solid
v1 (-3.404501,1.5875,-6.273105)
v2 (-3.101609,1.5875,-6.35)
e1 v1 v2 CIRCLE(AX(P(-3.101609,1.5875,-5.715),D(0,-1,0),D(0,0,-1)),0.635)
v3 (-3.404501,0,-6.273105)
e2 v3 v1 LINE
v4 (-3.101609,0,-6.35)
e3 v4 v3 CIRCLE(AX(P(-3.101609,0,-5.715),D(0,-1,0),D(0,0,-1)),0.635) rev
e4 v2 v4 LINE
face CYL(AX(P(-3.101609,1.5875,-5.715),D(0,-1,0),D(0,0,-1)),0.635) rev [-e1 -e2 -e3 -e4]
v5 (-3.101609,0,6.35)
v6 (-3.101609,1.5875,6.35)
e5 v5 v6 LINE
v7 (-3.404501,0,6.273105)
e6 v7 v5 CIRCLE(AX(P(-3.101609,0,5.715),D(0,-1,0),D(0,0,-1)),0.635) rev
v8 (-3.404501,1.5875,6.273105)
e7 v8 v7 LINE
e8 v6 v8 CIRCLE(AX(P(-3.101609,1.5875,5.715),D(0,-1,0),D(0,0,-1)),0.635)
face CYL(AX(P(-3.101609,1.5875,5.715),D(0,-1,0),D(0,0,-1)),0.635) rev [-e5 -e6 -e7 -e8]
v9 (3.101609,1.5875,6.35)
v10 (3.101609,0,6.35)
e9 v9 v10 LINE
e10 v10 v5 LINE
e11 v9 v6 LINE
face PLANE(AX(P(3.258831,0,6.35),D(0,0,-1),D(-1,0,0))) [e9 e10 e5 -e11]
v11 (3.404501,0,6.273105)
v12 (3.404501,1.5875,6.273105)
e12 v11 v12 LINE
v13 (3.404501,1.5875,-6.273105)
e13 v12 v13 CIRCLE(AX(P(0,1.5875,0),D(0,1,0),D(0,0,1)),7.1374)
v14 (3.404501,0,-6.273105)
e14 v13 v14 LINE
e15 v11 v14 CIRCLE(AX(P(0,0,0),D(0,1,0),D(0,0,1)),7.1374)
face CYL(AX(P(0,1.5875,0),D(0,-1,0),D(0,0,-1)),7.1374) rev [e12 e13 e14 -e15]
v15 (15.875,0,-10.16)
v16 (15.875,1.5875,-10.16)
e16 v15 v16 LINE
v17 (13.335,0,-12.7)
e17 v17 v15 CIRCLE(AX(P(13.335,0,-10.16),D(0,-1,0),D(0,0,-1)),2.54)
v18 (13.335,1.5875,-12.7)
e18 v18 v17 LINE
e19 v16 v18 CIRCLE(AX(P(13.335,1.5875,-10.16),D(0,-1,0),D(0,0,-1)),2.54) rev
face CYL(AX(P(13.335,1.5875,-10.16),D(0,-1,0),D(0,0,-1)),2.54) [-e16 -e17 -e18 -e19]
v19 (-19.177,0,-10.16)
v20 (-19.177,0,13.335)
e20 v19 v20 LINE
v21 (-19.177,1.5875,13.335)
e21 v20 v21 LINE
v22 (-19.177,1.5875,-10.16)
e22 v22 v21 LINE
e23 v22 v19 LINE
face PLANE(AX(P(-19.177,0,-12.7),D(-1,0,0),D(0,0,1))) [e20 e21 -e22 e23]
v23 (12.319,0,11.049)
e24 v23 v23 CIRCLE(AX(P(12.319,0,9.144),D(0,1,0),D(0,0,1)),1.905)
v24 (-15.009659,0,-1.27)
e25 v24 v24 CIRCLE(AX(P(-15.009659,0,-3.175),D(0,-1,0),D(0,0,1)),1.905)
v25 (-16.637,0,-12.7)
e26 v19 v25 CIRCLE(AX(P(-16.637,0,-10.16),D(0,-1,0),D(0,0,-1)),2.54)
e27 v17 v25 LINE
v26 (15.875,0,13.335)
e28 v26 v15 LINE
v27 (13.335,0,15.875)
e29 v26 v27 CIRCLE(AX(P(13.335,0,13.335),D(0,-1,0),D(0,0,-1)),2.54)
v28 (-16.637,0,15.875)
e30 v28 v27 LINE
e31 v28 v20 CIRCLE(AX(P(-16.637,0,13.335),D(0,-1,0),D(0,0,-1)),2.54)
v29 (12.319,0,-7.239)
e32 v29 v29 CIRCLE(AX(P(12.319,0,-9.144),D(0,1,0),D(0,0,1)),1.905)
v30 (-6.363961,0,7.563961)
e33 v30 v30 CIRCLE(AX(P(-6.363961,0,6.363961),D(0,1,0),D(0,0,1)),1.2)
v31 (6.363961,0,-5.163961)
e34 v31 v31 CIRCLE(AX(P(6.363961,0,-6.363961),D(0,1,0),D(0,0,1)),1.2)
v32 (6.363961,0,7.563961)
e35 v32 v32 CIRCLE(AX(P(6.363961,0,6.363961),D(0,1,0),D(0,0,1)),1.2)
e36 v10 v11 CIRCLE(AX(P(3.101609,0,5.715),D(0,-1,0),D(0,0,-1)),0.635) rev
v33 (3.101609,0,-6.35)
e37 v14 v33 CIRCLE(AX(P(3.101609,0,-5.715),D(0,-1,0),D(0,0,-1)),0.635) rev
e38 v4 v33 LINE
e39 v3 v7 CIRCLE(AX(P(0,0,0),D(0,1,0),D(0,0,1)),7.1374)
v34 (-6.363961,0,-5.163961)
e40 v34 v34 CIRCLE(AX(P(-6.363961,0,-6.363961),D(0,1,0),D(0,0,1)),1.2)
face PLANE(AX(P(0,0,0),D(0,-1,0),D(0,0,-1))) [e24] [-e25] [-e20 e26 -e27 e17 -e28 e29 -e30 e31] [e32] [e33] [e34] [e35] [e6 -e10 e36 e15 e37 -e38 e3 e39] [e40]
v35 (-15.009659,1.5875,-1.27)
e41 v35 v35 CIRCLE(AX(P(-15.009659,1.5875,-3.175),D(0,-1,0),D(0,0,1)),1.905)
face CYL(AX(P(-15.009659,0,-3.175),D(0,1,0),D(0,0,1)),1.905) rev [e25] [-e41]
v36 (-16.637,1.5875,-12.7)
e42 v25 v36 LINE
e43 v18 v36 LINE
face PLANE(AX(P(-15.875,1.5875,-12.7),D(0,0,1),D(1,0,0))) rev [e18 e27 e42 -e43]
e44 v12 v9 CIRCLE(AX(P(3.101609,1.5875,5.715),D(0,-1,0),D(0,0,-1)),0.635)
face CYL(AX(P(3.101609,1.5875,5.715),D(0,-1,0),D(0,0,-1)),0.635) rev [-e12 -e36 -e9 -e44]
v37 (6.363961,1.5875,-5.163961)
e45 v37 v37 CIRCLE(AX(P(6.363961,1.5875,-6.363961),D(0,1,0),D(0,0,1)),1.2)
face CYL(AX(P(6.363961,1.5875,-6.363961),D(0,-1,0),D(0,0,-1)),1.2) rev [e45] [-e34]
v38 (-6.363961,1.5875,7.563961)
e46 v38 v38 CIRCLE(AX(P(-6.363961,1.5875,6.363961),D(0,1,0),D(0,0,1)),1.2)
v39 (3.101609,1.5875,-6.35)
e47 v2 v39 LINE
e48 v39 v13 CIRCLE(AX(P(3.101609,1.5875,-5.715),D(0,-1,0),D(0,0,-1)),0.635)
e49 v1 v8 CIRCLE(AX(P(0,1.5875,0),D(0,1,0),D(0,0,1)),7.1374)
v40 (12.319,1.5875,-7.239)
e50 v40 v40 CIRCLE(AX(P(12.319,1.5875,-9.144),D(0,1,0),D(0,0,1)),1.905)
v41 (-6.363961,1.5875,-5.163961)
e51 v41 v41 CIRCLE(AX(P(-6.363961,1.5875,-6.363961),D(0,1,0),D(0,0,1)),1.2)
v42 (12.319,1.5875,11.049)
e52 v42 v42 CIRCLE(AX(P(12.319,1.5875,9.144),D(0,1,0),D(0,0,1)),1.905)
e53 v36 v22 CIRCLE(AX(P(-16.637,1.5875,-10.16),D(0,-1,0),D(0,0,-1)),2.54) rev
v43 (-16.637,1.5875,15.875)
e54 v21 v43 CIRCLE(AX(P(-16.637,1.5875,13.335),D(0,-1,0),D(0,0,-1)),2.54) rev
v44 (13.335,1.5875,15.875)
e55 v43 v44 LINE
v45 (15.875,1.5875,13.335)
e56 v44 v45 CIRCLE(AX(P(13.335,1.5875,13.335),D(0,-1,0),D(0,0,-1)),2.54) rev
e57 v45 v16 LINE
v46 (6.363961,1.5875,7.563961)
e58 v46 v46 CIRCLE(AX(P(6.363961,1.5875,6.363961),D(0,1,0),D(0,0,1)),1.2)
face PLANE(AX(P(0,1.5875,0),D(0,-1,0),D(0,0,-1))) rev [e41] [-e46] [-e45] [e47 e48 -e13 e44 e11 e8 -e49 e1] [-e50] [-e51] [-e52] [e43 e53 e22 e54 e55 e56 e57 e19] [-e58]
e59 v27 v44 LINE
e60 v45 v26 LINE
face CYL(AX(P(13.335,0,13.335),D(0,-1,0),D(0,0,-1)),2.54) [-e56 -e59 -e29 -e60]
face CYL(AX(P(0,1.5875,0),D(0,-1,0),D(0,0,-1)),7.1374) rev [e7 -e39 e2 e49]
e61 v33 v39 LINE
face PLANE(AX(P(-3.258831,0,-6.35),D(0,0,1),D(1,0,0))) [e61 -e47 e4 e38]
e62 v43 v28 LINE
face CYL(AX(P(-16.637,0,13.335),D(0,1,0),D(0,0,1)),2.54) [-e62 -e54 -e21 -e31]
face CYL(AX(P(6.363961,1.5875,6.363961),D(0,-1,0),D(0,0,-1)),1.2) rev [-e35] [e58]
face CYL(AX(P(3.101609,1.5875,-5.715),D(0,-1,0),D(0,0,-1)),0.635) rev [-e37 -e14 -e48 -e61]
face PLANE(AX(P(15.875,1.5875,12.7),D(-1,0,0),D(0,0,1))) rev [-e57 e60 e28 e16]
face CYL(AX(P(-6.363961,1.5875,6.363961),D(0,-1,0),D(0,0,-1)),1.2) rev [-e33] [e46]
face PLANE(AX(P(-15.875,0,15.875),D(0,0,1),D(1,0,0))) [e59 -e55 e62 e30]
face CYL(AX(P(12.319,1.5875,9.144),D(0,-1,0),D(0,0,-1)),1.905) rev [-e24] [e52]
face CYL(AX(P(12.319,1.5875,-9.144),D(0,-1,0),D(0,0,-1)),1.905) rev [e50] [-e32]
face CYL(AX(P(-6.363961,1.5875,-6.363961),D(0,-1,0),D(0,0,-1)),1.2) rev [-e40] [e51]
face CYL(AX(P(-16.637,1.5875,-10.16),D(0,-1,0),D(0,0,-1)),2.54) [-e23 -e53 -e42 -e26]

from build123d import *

# Parameters (mm, degrees)
SKETCH1_W           = 31.75
SKETCH1_H           = 25.4
SKETCH1_R           = 7.1374
SKETCH1_R_2         = 1.2
SKETCH1_R_3         = 1.905
BOSS_EXTRUDE1_DEPTH = 1.5875
SKETCH2_W           = 31.75
SKETCH2_H           = 3.175
BOSS_EXTRUDE2_DEPTH = 1.5875
SKETCH5_R           = 1.905
BOSS_EXTRUDE4_DEPTH = 1.5875
SKETCH6_R           = 1.905
CUT_EXTRUDE1_DEPTH  = 2.5875
BOSS_EXTRUDE3_DEPTH = 1.5875
FILLET2_R           = 0.635
FILLET3_R           = 2.54


with BuildPart() as part:
    # Sketch1 → Boss-Extrude1 (new body)
    with BuildSketch(Plane(origin=(0, 0, 0), x_dir=(1, 0, 0), z_dir=(0, 1, 0))):
        Rectangle(SKETCH1_W, SKETCH1_H)
        Circle(SKETCH1_R, mode=Mode.SUBTRACT)
        with Locations((-6.363961031, -6.363961031)):
            Circle(SKETCH1_R_2, mode=Mode.SUBTRACT)
        with Locations((-6.363961031, 6.363961031)):
            Circle(SKETCH1_R_2, mode=Mode.SUBTRACT)
        with Locations((6.363961031, 6.363961031)):
            Circle(SKETCH1_R_2, mode=Mode.SUBTRACT)
        with Locations((6.363961031, -6.363961031)):
            Circle(SKETCH1_R_2, mode=Mode.SUBTRACT)
        with Locations((-12.319, -9.144)):
            Circle(SKETCH1_R_3, mode=Mode.SUBTRACT)
        with Locations((-12.319, 9.144)):
            Circle(SKETCH1_R_3, mode=Mode.SUBTRACT)
        with Locations((12.319, 9.144)):
            Circle(SKETCH1_R_3, mode=Mode.SUBTRACT)
        with Locations((12.319, -9.144)):
            Circle(SKETCH1_R_3, mode=Mode.SUBTRACT)
    extrude(amount=BOSS_EXTRUDE1_DEPTH)

    # Sketch2 → Boss-Extrude2 (add, through all)
    with BuildSketch(Plane(origin=(0, 1.5875, 0), x_dir=(1, 0, 0), z_dir=(0, 1, 0))):
        with Locations((0, -14.2875)):
            Rectangle(SKETCH2_W, SKETCH2_H)
    extrude(amount=-BOSS_EXTRUDE2_DEPTH)

    # Sketch5 → Boss-Extrude4 (add, through all)
    with BuildSketch(Plane(origin=(0, 1.5875, 0), x_dir=(1, 0, 0), z_dir=(0, 1, 0))):
        with Locations((-12.319, 9.144)):
            Circle(SKETCH5_R)
        with Locations((-12.319, -9.144)):
            Circle(SKETCH5_R)
        with BuildLine():
            Line((-19.177, 12.7), (-15.875, 12.7))
            Line((-15.875, 12.7), (-15.875, 4.87211828))
            ThreePointArc((-15.875, 4.87211828), (-16.91465929, 3.175), (-15.875, 1.47788172))
            Line((-15.875, 1.47788172), (-15.875, -15.875))
            Line((-15.875, -15.875), (-19.177, -15.875))
            Line((-19.177, -15.875), (-19.177, 12.7))
        make_face()
    extrude(amount=-BOSS_EXTRUDE4_DEPTH)

    # Sketch6 → Cut-Extrude1 (cut, through all)
    with BuildSketch(Plane(origin=(0, 1.5875, 0), x_dir=(1, 0, 0), z_dir=(0, 1, 0))):
        with Locations((-15.00965929, 3.175)):
            Circle(SKETCH6_R)
    extrude(amount=-CUT_EXTRUDE1_DEPTH, mode=Mode.SUBTRACT)

    # Sketch3 → Boss-Extrude3 (add, through all)
    with BuildSketch(Plane(origin=(0, 1.5875, 0), x_dir=(1, 0, 0), z_dir=(0, 1, 0))):
        with BuildLine():
            Line((-3.258830889, 6.35), (3.258830889, 6.35))
            ThreePointArc((3.258830889, 6.35), (0, 7.1374), (-3.258830889, 6.35))
        make_face()
        with BuildLine():
            Line((3.258830889, -6.35), (-3.258830889, -6.35))
            ThreePointArc((-3.258830889, -6.35), (0, -7.1374), (3.258830889, -6.35))
        make_face()
    extrude(amount=-BOSS_EXTRUDE3_DEPTH)

    # Fillet2
    fillet2_edges = [part.edges().sort_by_distance(p)[0] for p in [
        (-3.258830889, 0.79375, -6.35),
        (3.258830889, 0.79375, -6.35),
        (3.258830889, 0.79375, 6.35),
        (-3.258830889, 0.79375, 6.35),
    ]]
    fillet(fillet2_edges, radius=FILLET2_R)

    # Fillet3
    fillet3_edges = [part.edges().sort_by_distance(p)[0] for p in [
        (15.875, 0.79375, 15.875),
        (-19.177, 0.79375, 15.875),
        (-19.177, 0.79375, -12.7),
        (15.875, 0.79375, -12.7),
    ]]
    fillet(fillet3_edges, radius=FILLET3_R)


solid = part.part
